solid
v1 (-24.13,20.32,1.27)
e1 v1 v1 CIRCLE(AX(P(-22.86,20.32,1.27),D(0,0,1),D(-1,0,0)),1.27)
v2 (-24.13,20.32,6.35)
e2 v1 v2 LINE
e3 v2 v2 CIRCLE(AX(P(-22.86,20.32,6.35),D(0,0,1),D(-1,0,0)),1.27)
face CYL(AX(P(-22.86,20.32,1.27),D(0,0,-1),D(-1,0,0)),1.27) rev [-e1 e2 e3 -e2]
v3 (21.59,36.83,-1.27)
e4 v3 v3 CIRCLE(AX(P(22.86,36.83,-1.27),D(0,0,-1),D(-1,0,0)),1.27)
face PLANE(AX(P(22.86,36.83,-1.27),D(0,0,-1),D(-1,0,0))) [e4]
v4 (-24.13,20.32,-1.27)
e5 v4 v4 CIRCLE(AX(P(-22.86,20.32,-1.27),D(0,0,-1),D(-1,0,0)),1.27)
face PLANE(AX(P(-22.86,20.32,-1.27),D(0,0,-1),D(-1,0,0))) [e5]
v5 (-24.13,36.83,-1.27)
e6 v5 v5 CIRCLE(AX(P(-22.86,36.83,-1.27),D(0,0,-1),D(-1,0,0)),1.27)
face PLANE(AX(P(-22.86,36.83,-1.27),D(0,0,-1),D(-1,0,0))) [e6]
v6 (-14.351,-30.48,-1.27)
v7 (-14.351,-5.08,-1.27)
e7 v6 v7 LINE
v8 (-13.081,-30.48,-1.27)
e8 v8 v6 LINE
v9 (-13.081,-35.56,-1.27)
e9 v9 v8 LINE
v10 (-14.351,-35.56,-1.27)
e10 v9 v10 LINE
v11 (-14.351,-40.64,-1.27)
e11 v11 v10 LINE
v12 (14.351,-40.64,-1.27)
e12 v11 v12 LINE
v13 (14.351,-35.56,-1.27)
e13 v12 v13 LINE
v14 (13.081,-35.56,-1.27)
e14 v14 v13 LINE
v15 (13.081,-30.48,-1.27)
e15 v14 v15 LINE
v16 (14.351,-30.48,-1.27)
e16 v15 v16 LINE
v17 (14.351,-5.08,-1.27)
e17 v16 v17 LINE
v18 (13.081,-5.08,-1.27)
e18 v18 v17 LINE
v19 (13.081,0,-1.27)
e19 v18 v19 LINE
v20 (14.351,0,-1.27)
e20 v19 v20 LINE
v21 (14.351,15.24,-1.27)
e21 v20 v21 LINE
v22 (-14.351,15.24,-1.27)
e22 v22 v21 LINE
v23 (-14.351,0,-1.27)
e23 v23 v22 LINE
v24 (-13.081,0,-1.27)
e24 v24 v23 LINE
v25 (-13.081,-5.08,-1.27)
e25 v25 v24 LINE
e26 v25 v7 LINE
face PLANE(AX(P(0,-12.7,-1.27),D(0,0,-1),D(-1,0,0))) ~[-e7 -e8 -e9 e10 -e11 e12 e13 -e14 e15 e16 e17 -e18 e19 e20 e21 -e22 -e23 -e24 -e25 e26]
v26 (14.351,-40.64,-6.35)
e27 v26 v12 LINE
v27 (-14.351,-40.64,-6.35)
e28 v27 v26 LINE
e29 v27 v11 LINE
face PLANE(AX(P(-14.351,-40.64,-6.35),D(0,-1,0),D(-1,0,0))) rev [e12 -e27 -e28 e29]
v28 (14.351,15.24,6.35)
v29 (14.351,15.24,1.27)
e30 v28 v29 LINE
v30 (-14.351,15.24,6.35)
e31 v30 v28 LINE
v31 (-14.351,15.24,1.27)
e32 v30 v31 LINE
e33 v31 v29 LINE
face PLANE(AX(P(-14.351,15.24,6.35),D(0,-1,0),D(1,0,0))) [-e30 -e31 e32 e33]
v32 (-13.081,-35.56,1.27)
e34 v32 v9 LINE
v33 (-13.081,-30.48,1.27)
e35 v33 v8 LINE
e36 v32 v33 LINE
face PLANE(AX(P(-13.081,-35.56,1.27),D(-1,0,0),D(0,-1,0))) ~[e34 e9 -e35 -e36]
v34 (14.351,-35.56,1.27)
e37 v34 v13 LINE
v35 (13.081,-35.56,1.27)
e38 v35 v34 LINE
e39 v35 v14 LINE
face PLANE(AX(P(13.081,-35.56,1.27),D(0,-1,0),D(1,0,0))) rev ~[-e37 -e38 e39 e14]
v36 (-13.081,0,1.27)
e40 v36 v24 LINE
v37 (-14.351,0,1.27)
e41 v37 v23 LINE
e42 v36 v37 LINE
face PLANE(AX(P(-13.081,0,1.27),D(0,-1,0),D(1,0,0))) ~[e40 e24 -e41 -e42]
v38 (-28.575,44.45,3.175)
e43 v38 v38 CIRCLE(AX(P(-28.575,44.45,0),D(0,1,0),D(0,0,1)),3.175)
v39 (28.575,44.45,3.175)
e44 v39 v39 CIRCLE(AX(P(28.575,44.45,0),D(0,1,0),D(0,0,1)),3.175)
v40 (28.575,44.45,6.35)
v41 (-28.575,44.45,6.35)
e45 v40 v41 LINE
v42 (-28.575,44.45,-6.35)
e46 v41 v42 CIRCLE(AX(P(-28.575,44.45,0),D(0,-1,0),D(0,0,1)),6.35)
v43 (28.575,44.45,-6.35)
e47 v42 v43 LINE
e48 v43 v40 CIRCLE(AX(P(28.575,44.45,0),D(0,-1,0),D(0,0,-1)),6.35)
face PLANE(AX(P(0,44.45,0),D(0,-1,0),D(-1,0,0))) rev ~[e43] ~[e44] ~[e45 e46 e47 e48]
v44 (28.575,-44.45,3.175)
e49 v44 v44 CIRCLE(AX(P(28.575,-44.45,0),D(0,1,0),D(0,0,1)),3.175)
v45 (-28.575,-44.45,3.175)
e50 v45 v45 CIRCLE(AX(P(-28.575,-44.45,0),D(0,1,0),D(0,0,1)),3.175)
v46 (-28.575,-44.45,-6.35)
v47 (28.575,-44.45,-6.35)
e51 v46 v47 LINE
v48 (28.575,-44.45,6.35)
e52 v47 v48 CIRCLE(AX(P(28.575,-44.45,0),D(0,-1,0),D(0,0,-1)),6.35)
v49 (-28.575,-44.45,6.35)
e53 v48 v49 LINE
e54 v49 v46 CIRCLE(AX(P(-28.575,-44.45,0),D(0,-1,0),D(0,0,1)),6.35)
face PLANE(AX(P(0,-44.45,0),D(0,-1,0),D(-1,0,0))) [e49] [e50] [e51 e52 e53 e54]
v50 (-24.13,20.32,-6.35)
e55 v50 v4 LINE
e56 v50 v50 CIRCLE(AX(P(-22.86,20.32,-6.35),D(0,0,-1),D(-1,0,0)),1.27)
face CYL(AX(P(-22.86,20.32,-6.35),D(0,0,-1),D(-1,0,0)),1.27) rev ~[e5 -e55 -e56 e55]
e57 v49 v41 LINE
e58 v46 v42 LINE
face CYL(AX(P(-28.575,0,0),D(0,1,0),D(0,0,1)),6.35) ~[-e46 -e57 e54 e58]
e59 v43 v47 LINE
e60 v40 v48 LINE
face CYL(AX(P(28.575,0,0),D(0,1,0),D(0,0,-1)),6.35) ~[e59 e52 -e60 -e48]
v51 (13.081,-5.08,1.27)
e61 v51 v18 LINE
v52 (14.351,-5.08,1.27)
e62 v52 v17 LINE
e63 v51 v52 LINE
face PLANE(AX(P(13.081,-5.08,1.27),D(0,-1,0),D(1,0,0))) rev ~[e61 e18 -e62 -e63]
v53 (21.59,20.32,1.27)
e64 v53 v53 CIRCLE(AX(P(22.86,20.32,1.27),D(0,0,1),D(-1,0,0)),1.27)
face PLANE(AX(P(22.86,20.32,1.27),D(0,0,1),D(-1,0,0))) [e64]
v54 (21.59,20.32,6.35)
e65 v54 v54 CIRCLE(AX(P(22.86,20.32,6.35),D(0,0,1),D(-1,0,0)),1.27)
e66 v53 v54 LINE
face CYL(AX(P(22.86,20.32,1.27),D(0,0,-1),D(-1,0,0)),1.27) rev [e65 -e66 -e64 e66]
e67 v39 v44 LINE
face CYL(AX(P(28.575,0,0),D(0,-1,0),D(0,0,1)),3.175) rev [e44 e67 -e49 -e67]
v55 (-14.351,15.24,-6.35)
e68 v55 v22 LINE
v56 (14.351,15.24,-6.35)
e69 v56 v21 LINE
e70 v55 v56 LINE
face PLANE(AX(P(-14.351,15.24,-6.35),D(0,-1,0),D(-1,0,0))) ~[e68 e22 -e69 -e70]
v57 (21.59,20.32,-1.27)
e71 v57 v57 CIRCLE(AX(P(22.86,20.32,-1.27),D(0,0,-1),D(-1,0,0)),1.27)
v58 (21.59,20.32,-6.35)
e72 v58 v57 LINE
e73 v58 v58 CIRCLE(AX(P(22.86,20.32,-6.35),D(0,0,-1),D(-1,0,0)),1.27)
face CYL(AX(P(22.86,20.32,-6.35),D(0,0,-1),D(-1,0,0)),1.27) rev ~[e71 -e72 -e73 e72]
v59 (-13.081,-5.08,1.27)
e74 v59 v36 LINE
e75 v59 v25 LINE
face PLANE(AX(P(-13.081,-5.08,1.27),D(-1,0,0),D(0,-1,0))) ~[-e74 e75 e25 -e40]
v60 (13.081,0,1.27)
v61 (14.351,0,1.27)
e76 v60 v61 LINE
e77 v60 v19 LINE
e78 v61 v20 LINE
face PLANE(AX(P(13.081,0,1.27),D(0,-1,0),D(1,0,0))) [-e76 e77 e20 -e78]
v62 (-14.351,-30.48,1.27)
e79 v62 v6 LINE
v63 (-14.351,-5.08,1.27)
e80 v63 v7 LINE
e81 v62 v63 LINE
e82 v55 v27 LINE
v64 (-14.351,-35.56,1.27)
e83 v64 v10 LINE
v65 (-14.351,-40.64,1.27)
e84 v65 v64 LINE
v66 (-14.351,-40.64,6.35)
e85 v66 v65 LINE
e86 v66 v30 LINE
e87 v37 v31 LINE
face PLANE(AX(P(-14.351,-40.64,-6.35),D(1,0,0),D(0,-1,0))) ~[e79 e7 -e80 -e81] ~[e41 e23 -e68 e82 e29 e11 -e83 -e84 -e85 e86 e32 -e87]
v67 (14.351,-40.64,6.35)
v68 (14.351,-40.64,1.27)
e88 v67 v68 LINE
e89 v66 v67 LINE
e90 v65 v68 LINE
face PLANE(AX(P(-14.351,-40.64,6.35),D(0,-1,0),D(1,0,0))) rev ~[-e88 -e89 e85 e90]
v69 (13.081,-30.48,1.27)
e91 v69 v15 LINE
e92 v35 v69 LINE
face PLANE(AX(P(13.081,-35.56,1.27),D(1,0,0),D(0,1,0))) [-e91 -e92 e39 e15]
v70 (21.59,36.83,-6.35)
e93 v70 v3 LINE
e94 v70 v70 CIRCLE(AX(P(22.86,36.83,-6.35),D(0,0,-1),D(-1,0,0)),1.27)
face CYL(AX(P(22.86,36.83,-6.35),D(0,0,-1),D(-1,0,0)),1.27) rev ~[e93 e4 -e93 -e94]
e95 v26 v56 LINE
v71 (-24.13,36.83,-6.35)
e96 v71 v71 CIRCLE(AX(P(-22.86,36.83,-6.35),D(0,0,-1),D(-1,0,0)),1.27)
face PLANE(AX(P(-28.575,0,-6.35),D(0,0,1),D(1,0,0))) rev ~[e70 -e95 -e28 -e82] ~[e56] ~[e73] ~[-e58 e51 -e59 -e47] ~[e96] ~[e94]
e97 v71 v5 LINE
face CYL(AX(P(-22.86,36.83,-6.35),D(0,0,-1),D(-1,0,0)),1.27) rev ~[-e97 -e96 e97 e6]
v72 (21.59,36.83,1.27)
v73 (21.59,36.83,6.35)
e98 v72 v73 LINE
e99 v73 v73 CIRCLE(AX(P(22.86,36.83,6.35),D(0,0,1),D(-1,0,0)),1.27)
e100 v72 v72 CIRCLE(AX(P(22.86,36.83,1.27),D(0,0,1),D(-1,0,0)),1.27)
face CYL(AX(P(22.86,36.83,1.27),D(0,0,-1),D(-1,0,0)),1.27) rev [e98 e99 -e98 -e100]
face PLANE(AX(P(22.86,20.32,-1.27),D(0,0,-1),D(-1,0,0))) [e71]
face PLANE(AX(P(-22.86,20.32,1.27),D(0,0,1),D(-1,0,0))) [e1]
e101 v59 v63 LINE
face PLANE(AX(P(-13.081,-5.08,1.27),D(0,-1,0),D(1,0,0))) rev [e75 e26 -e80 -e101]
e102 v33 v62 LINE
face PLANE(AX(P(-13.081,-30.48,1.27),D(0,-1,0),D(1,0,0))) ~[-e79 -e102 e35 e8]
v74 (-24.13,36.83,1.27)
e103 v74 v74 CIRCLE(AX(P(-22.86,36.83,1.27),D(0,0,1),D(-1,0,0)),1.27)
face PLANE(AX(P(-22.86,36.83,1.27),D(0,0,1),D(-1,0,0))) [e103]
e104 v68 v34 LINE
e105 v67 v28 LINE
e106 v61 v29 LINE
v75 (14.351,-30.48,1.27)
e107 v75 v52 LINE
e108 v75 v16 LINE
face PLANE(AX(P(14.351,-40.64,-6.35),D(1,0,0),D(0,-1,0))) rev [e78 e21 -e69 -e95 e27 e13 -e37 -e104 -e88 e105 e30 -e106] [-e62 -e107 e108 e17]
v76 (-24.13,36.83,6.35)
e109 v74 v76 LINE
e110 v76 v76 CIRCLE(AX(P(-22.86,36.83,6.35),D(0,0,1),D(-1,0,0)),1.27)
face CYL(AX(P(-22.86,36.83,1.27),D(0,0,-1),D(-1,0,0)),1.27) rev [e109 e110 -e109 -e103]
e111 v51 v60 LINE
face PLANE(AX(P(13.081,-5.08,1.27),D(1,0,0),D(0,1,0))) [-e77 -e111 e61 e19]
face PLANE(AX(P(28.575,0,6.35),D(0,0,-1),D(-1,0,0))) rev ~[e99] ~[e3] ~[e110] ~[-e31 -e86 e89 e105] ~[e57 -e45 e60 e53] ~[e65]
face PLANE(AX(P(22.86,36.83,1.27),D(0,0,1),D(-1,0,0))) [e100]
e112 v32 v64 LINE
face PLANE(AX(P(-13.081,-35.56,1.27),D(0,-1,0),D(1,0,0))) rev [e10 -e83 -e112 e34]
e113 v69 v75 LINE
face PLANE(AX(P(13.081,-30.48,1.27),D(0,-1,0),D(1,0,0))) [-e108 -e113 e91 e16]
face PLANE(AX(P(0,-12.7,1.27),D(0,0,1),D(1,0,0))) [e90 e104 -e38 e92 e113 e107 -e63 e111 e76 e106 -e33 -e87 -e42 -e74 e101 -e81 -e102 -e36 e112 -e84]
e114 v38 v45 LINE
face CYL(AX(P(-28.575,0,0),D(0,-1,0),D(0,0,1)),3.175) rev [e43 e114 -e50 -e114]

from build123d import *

# Parameters (mm, degrees)
SKETCH2_R           = 3.175
BOSS_EXTRUDE1_DEPTH = 44.45
SKETCH5_R           = 1.27
CUT_EXTRUDE1_DEPTH  = 5.08
CUT_EXTRUDE2_START  = -5.08
SKETCH6_R           = 1.27
CUT_EXTRUDE2_DEPTH  = 5.08
SKETCH7_W           = 28.702
SKETCH7_H           = 55.88
CUT_EXTRUDE3_DEPTH  = 5.08
SKETCH8_W           = 1.27
SKETCH8_H           = 5.08
CUT_EXTRUDE4_DEPTH  = 58.040534053


with BuildPart() as part:
    # Sketch2 → Boss-Extrude1 (new, symmetric)
    with BuildSketch(Plane(origin=(0, 0, 0), x_dir=(1, 0, 0), z_dir=(0, 1, 0))):
        with BuildLine():
            Line((-28.575, 6.35), (28.575, 6.35))
            ThreePointArc((28.575, 6.35), (34.925, 0), (28.575, -6.35))
            Line((28.575, -6.35), (-28.575, -6.35))
            ThreePointArc((-28.575, -6.35), (-34.925, 0), (-28.575, 6.35))
        make_face()
        with Locations(Location((28.575, 0, 0), (0, 0, 270))):
            Circle(SKETCH2_R, mode=Mode.SUBTRACT)
        with Locations(Location((-28.575, 0, 0), (0, 0, 270))):
            Circle(SKETCH2_R, mode=Mode.SUBTRACT)
    extrude(amount=BOSS_EXTRUDE1_DEPTH, both=True)

    # Sketch5 → Cut-Extrude1 (cut)
    with BuildSketch(Plane(origin=(0, 0, -6.35), x_dir=(-1, 0, 0), z_dir=(0, 0, -1))):
        with Locations((22.86, 36.83)):
            Circle(SKETCH5_R)
        with Locations((22.86, 20.32)):
            Circle(SKETCH5_R)
        with Locations((-22.86, 36.83)):
            Circle(SKETCH5_R)
        with Locations((-22.86, 20.32)):
            Circle(SKETCH5_R)
    extrude(amount=-CUT_EXTRUDE1_DEPTH, mode=Mode.SUBTRACT)

    # Sketch6 → Cut-Extrude2 (cut)
    with BuildSketch(Plane.XY.offset(6.35).offset(CUT_EXTRUDE2_START)):
        with Locations(Location((22.86, 36.83, 0), (0, 0, 180))):
            Circle(SKETCH6_R)
        with Locations(Location((22.86, 20.32, 0), (0, 0, 180))):
            Circle(SKETCH6_R)
        with Locations(Location((-22.86, 36.83, 0), (0, 0, 180))):
            Circle(SKETCH6_R)
        with Locations(Location((-22.86, 20.32, 0), (0, 0, 180))):
            Circle(SKETCH6_R)
    extrude(amount=CUT_EXTRUDE2_DEPTH, mode=Mode.SUBTRACT)

    # Sketch7 → Cut-Extrude3 (cut)
    with BuildSketch(Plane.XY.offset(6.35)):
        with Locations((0, -12.7)):
            Rectangle(SKETCH7_W, SKETCH7_H)
    cut_extrude3 = extrude(amount=-CUT_EXTRUDE3_DEPTH, mode=Mode.SUBTRACT)

    # Mirror1: Cut-Extrude3 across plane
    add(cut_extrude3.mirror(Plane.XY), mode=Mode.SUBTRACT)

    # Sketch8 → Cut-Extrude4 (cut, through all)
    with BuildSketch(Plane.XY.offset(1.27)):
        with Locations((13.716, -33.02)):
            Rectangle(SKETCH8_W, SKETCH8_H)
        with Locations((13.716, -2.54)):
            Rectangle(SKETCH8_W, SKETCH8_H)
    cut_extrude4 = extrude(amount=-CUT_EXTRUDE4_DEPTH, mode=Mode.SUBTRACT)

    # Mirror2: Cut-Extrude4 across plane
    add(cut_extrude4.mirror(Plane(origin=(0, 0, 0), x_dir=(0, 0, 1), z_dir=(1, 0, 0))), mode=Mode.SUBTRACT)


solid = part.part
